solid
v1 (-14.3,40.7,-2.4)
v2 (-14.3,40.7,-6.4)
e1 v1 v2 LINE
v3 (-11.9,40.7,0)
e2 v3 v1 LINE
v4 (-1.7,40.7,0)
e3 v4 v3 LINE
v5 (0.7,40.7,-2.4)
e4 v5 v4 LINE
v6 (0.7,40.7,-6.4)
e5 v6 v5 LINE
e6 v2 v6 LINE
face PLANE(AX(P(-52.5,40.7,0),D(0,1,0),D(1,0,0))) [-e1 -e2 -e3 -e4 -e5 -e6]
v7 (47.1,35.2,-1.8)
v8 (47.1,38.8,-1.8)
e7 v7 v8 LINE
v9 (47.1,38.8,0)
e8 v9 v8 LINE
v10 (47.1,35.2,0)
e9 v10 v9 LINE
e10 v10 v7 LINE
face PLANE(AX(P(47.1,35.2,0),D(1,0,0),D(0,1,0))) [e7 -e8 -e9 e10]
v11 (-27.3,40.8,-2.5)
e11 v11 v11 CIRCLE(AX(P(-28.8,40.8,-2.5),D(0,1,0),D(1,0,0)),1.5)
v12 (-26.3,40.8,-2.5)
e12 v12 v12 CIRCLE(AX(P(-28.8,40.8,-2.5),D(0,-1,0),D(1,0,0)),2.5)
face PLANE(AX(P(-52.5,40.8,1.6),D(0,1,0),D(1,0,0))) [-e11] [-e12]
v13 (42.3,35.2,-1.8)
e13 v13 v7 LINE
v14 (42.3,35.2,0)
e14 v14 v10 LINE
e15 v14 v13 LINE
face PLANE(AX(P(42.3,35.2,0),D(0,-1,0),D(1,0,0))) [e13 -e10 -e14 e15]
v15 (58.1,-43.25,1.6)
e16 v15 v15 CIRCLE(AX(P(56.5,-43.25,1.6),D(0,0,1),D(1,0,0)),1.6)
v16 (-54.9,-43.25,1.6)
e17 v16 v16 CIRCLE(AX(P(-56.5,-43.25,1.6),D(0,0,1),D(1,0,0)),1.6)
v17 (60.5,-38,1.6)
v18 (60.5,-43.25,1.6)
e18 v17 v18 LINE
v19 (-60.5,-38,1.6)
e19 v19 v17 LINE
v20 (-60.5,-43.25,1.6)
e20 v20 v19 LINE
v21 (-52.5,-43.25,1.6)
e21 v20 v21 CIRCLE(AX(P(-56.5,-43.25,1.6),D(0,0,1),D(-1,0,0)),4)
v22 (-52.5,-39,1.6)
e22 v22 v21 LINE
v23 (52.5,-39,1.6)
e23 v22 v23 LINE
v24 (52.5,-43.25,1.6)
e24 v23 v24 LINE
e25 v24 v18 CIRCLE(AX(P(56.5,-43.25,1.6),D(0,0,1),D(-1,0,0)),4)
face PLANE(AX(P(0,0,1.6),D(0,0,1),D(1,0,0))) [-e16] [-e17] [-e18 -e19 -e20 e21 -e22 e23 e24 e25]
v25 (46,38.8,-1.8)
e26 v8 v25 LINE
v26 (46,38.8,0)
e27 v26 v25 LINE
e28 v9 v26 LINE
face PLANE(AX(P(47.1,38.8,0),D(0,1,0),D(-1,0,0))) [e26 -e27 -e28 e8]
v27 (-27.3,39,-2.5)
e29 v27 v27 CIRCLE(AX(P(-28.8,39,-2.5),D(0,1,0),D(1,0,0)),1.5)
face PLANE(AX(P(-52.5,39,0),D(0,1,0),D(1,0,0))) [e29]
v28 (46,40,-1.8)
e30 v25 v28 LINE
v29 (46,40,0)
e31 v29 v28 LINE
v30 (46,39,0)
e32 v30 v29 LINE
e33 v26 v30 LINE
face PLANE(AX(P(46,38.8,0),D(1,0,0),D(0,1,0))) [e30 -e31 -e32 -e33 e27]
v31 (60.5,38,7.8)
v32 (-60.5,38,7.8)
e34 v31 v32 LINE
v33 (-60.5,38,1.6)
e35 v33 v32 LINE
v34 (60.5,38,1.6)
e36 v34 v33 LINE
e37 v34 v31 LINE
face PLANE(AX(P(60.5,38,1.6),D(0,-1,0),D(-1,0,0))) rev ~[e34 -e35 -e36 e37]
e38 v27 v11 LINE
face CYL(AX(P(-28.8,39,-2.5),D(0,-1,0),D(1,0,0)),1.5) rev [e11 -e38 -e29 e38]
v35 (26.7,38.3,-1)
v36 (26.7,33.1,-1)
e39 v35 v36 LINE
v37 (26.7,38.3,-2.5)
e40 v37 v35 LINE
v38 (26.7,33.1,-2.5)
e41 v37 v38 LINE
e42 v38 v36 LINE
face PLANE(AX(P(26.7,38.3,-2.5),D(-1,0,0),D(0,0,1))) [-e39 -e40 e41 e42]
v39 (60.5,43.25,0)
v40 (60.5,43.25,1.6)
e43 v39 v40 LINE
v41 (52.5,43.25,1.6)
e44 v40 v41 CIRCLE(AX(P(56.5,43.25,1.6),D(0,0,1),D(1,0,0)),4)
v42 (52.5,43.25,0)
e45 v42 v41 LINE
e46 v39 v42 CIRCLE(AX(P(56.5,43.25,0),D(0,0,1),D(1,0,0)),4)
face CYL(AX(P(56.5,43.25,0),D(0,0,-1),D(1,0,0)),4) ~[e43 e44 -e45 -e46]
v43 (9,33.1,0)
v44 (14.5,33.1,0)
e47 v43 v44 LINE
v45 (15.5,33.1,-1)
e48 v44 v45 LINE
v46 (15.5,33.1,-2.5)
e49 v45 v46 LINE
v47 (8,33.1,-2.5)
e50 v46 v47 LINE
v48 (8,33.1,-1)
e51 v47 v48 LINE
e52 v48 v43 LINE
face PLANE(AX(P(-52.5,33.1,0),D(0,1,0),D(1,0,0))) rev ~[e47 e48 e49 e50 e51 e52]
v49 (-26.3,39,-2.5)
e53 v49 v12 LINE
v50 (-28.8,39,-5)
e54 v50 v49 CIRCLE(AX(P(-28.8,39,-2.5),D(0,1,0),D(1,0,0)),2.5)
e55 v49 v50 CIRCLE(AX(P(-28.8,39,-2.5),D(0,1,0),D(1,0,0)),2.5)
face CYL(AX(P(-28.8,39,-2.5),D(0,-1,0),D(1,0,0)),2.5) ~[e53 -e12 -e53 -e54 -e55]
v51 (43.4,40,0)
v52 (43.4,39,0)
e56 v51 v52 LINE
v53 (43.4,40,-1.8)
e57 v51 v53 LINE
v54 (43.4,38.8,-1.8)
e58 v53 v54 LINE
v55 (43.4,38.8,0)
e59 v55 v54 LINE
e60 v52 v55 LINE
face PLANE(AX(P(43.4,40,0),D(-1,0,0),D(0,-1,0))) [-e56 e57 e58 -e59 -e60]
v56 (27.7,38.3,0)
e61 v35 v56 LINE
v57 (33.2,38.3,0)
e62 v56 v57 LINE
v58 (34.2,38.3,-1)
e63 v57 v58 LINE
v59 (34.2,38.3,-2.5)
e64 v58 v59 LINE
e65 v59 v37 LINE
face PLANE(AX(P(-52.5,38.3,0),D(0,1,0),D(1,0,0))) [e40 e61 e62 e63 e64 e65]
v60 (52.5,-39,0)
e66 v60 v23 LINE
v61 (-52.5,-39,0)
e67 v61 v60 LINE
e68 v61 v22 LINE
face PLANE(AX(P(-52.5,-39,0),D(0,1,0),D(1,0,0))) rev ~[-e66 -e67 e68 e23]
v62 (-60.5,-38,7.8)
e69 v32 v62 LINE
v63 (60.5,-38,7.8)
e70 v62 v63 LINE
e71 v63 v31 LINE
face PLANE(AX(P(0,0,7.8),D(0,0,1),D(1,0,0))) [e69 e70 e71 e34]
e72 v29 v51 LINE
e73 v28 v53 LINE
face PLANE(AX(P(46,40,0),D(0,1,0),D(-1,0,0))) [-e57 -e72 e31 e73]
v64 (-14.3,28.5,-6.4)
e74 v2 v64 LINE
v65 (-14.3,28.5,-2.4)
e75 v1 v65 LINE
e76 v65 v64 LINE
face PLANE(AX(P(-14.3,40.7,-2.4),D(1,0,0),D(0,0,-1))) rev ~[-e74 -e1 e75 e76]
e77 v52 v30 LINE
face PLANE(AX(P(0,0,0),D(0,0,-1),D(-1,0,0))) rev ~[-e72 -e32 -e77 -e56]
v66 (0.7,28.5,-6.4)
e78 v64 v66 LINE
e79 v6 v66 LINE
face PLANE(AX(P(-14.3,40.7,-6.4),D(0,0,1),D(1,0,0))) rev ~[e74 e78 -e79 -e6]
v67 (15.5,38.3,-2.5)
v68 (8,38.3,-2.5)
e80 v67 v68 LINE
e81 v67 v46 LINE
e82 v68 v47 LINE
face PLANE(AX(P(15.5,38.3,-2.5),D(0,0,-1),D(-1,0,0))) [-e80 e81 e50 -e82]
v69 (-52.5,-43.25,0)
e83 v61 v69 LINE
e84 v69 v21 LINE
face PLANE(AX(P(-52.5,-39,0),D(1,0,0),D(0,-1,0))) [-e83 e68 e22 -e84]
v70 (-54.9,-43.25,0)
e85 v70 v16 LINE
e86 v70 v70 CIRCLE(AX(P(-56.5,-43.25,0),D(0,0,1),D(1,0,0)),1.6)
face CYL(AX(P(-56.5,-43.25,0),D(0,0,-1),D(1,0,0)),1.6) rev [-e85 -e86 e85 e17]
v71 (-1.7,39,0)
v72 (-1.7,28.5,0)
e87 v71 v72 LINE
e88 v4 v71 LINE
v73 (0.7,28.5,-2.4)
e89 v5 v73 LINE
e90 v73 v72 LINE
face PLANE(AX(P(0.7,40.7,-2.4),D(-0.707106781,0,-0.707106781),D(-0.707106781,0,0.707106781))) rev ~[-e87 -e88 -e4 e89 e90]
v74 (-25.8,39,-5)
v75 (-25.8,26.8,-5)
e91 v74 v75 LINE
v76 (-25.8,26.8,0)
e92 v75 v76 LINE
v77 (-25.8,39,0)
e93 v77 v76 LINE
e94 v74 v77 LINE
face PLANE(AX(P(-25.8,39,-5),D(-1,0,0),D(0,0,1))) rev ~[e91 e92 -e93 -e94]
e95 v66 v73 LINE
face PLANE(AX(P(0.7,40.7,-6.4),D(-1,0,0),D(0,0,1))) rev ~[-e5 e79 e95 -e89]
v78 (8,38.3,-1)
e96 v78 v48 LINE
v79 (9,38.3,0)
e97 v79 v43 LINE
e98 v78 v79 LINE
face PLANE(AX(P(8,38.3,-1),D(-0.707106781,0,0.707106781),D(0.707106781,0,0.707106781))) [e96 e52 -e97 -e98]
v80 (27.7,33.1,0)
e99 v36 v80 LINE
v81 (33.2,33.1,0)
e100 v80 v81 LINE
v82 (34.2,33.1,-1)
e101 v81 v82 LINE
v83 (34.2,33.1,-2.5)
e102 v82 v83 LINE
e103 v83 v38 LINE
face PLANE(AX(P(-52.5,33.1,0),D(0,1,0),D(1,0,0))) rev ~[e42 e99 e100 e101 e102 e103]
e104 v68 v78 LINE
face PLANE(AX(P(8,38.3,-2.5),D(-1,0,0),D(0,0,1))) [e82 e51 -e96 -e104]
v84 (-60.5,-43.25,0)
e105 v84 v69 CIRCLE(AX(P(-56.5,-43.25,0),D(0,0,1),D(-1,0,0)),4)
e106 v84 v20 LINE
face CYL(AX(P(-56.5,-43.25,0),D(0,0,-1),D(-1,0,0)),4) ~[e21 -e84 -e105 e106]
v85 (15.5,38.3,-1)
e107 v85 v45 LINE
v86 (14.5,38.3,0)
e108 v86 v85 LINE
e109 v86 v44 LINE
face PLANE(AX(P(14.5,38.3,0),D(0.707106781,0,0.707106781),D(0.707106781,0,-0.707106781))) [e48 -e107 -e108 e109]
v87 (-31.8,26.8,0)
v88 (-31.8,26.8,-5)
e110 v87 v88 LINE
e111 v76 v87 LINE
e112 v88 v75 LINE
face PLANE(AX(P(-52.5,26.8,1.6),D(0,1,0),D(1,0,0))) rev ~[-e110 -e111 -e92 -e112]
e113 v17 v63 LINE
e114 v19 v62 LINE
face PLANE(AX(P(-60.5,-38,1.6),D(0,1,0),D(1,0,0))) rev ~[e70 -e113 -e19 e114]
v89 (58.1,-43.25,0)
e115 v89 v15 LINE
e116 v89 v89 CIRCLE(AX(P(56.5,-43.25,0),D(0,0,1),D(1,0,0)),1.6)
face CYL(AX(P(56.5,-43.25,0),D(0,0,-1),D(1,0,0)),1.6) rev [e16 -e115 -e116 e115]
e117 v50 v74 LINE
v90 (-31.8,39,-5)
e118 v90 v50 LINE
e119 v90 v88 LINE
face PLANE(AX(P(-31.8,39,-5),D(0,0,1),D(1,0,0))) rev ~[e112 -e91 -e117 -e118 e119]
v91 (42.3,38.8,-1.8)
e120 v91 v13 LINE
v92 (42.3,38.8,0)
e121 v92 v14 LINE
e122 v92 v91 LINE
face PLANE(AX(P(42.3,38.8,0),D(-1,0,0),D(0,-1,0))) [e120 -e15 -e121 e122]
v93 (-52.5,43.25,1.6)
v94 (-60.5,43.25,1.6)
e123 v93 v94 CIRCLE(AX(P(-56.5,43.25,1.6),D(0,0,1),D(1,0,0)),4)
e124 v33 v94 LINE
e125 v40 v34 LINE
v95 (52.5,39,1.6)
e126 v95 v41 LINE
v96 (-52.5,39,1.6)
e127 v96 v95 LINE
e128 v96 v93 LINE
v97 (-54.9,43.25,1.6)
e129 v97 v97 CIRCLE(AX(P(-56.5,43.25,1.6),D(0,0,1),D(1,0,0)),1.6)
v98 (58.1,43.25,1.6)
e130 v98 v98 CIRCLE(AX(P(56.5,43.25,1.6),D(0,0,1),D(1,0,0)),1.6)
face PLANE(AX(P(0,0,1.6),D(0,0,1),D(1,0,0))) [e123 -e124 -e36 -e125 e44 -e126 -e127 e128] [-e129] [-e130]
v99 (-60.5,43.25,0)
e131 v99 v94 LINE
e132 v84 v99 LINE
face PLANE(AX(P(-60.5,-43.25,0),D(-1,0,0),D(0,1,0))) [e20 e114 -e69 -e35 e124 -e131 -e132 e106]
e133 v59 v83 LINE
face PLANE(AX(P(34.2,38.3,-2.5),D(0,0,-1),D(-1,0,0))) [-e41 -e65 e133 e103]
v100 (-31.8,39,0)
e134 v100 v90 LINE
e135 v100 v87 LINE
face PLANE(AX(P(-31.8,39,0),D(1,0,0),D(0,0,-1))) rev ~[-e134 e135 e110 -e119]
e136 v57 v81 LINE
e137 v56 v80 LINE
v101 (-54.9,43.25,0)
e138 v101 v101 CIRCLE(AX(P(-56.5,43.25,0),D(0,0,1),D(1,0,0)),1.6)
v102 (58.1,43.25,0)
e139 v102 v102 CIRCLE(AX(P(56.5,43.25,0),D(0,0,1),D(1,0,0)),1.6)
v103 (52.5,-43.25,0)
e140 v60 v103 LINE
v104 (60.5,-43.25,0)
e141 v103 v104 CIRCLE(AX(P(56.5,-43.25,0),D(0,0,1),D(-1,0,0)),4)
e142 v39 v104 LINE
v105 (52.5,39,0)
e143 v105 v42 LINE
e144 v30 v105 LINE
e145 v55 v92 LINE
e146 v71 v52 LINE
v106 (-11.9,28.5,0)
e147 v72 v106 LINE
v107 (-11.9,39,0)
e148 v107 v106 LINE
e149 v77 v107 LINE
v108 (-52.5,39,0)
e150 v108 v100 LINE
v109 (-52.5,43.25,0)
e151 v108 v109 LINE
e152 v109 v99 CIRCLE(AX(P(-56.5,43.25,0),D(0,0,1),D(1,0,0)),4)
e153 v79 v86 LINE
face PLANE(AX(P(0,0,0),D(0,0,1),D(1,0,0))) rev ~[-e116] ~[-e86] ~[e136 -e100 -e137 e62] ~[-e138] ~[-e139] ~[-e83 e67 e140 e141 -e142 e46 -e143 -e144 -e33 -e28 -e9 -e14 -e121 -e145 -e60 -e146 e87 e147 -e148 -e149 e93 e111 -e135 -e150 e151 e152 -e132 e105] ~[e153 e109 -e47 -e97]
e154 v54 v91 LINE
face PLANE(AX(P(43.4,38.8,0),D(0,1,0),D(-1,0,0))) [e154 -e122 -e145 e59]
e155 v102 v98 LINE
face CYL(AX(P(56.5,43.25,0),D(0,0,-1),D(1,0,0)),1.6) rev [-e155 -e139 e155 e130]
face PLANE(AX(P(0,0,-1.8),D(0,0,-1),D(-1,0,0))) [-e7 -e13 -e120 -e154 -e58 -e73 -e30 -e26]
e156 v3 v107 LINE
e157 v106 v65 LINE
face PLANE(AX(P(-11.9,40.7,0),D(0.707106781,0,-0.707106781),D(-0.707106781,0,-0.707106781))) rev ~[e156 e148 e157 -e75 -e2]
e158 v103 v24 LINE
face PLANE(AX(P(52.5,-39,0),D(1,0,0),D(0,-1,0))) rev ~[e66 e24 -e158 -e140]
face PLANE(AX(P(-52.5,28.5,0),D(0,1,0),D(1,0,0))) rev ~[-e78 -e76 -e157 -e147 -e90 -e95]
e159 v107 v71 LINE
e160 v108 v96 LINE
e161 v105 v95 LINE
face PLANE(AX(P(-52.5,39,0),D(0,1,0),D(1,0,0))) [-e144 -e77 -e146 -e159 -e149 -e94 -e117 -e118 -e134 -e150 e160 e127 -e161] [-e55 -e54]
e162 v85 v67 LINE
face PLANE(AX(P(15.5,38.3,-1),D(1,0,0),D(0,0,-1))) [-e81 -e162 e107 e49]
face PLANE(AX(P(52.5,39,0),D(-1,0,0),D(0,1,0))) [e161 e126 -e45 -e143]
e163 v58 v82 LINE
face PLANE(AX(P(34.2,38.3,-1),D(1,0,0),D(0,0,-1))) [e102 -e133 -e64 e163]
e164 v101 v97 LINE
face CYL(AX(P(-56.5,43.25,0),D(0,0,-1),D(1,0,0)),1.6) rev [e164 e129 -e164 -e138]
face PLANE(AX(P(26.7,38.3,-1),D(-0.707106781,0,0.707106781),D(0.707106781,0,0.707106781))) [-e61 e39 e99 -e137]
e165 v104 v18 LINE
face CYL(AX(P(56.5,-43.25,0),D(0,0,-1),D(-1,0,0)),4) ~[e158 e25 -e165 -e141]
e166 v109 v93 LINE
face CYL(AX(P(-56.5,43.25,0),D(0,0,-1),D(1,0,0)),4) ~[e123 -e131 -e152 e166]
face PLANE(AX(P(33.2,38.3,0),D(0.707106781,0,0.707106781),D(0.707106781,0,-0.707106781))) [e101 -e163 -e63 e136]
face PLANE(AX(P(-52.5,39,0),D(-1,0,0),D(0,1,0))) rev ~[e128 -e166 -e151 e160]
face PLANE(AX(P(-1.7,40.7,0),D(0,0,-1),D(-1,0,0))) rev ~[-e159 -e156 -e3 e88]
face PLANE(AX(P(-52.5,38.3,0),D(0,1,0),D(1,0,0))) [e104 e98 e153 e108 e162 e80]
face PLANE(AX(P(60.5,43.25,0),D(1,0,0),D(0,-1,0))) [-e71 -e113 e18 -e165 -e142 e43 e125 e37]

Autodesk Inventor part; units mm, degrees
ref_plane "YZ Plane" through (0, 0, 0) normal (1, 0, 0) x (0, 1, 0)
sketch "Skizze1" plane through (0, 0, 0) normal (0, 0, 1) x (1, 0, 0)
  line L0 (-52.5, 39) -> (52.5, 39)
  line L1 (-52.5, -39) -> (52.5, -39)
  line L2 (52.5, -39) -> (52.5, -43.25)
  line L3 (-52.5, -39) -> (-52.5, -43.25)
  line L4 (-60.5, -43.25) -> (-60.5, 43.25)
  line L5 (-52.5, 39) -> (-52.5, 43.25)
  line L6 (52.5, 39) -> (52.5, 43.25)
  line L7 (60.5, 43.25) -> (60.5, -43.25)
  arc A0 (-52.5, 43.25) -> (-60.5, 43.25) centre (-56.5, 43.25) ccw
  arc A1 (60.5, 43.25) -> (52.5, 43.25) centre (56.5, 43.25) ccw
  arc A2 (52.5, -43.25) -> (60.5, -43.25) centre (56.5, -43.25) ccw
  arc A3 (-60.5, -43.25) -> (-52.5, -43.25) centre (-56.5, -43.25) ccw
  line L8 (0, 66.15) -> (0, -66.15) construction
  line L9 (-84.7, 0) -> (84.7, 0) construction
  circle A4 centre (-56.5, 43.25) radius 1.6
  circle A5 centre (56.5, 43.25) radius 1.6
  circle A6 centre (56.5, -43.25) radius 1.6
  circle A7 centre (-56.5, -43.25) radius 1.6
  point P0 (0, 0)
  dimension "d0" = 121
  dimension "d1" = 78
  dimension "d2" = 8
  dimension "d3" = 86.5
  dimension "d4" = 3.2
extrude "Extrusion1" add sketch "Skizze1" along normal blind 1.6
sketch "Skizze2" plane through (0, 0, 1.6) normal (0, 0, 1) x (1, 0, 0)
  line L0 (-60.5, -38) -> (60.5, -38)
  line L1 (60.5, -38) -> (60.5, 38)
  line L2 (60.5, 38) -> (-60.5, 38)
  line L3 (-60.5, 38) -> (-60.5, -38)
  line L4 (-60.5, -38) -> (60.5, 38) construction
  line L5 (60.5, -38) -> (-60.5, 38) construction
  point P0 (0, 0)
  dimension "d7" = 76
  dimension "d8" = 121
extrude "Extrusion2" add sketch "Skizze2" along normal blind 6.2
ref_plane "Arbeitsebene1" through (-52.5, 38.3, 0) normal (0, 1, 0) x (1, 0, 0)
sketch "Skizze3" plane through (-52.5, 38.3, 0) normal (0, 1, 0) x (1, 0, 0)
  line L0 (60.5, 2.5) -> (60.5, 1)
  line L1 (60.5, 1) -> (61.5, 0)
  line L2 (61.5, 0) -> (67, 0)
  line L3 (67, 0) -> (68, 1)
  line L4 (68, 1) -> (68, 2.5)
  line L5 (68, 2.5) -> (60.5, 2.5)
  line L6 (64.25, 2.5) -> (64.25, 0) construction
  line L7 (79.2, 2.5) -> (79.2, 1)
  line L8 (79.2, 1) -> (80.2, 0)
  line L9 (80.2, 0) -> (85.7, 0)
  line L10 (85.7, 0) -> (86.7, 1)
  line L11 (86.7, 1) -> (86.7, 2.5)
  line L12 (86.7, 2.5) -> (79.2, 2.5)
  line L13 (82.95, 2.5) -> (82.95, 0) construction
  line L14 (0, 0) -> (-8, 0) construction
  line L15 (105, 0) -> (0, 0) construction
  line L16 (113, 0) -> (105, 0) construction
  line L17 (105, 0) -> (113, 0) construction
  line L18 (0, 0) -> (105, 0) construction
  line L19 (-8, 0) -> (0, 0) construction
  line L20 (-2.4, 0) -> (-5.6, 0) construction
  line L21 (110.6, 0) -> (107.4, 0) construction
  line L22 (110.6, 0) -> (107.4, 0) construction
  line L23 (-2.4, 0) -> (-5.6, 0) construction
  line L24 (105, 0) -> (105, -1.6) construction
  line L25 (105, 0) -> (105, -1.6) construction
  point P0 (52.5, 0)
  dimension "d12" = 7.5
  dimension "d13" = 2.5
  dimension "d14" = 1.5
  dimension "d15" = 7.5
  dimension "d16" = 2.5
  dimension "d17" = 1.5
  dimension "d18" = 18.3
  dimension "d19" = 11.2
extrude "Extrusion3" add sketch "Skizze3" against normal blind 5.2
ref_plane "Arbeitsebene2" through (-52.5, 40.7, 0) normal (0, 1, 0) x (1, 0, 0)
sketch "Skizze4" plane through (-52.5, 40.7, 0) normal (0, 1, 0) x (1, 0, 0)
  line L0 (80.2, 0) -> (85.7, 0) projected
  line L1 (85.7, 0) -> (80.2, 0) projected
  line L2 (61.5, 0) -> (67, 0) projected
  line L3 (67, 0) -> (61.5, 0) projected
  line L4 (0, 0) -> (-8, 0) projected
  line L5 (105, 0) -> (0, 0) projected
  line L6 (113, 0) -> (105, 0) projected
  line L7 (105, 0) -> (113, 0) projected
  line L8 (0, 0) -> (105, 0) projected
  line L9 (-8, 0) -> (0, 0) projected
  line L10 (-2.4, 0) -> (-5.6, 0) projected
  line L11 (110.6, 0) -> (107.4, 0) projected
  line L12 (110.6, 0) -> (107.4, 0) projected
  line L13 (-2.4, 0) -> (-5.6, 0) projected
  line L14 (105, 0) -> (105, -1.6) projected
  line L15 (105, 0) -> (105, -1.6) projected
  line L16 (38.2, 6.4) -> (53.2, 6.4)
  line L17 (53.2, 6.4) -> (53.2, 2.4)
  line L18 (53.2, 2.4) -> (50.8, 0)
  line L19 (50.8, 0) -> (40.6, 0)
  line L20 (40.6, 0) -> (38.2, 2.4)
  line L21 (38.2, 2.4) -> (38.2, 6.4)
  line L22 (45.7, 6.4) -> (45.7, 0) construction
  point P0 (52.5, 0)
  point P1 (40.6, 0)
  point P2 (50.8, 0)
  dimension "d23" = 15
  dimension "d24" = 6.4
  dimension "d25" = 4
  dimension "d26" = 51.8
extrude "Extrusion4" add sketch "Skizze4" against normal blind 12.2
sketch "Skizze5" plane through (-52.5, 39, 1.6) normal (0, 1, 0) x (1, 0, 0)
  line L0 (20.7, 6.6) -> (26.7, 6.6)
  line L1 (26.7, 6.6) -> (26.7, 1.6)
  line L2 (26.7, 1.6) -> (20.7, 1.6)
  line L3 (20.7, 1.6) -> (20.7, 6.6)
  line L4 (105, 1.6) -> (50.8, 1.6) projected
  line L5 (113, 1.6) -> (105, 1.6) projected
  line L6 (105, 1.6) -> (113, 1.6) projected
  line L7 (0, 1.6) -> (105, 1.6) projected
  line L8 (-8, 1.6) -> (0, 1.6) projected
  line L9 (0, 1.6) -> (-8, 1.6) projected
  line L10 (40.6, 1.6) -> (0, 1.6) projected
  line L11 (40.6, 1.6) -> (50.8, 1.6) projected
  line L12 (80.2, 1.6) -> (85.7, 1.6) projected
  line L13 (85.7, 1.6) -> (80.2, 1.6) projected
  line L14 (61.5, 1.6) -> (67, 1.6) projected
  line L15 (67, 1.6) -> (61.5, 1.6) projected
  line L16 (-2.4, 1.6) -> (-5.6, 1.6) projected
  line L17 (110.6, 1.6) -> (107.4, 1.6) projected
  line L18 (110.6, 1.6) -> (107.4, 1.6) projected
  line L19 (-2.4, 1.6) -> (-5.6, 1.6) projected
  line L20 (40.6, 1.6) -> (0, 1.6) projected
  line L21 (105, 1.6) -> (105, 0) projected
  point P0 (52.5, 1.6)
  dimension "d29" = 5
  dimension "d30" = 6
  dimension "d31" = 78.3
extrude "Extrusion5" add sketch "Skizze5" against normal blind 12.2
sketch "Skizze6" plane through (-52.5, 39, 1.6) normal (0, 1, 0) x (1, 0, 0)
  line L0 (26.7, 6.6) -> (20.7, 6.6) projected
  line L1 (20.7, 6.6) -> (20.7, 1.6) projected
  line L2 (26.7, 1.6) -> (26.7, 6.6) projected
  line L3 (20.7, 6.6) -> (26.7, 1.6) construction
  line L4 (26.7, 6.6) -> (20.7, 1.6) construction
  circle A0 centre (23.7, 4.1) radius 2.5
  circle A1 centre (23.7, 4.1) radius 1.5
  point P0 (52.5, 1.6)
  dimension "d34" = 3
extrude "Extrusion6" add sketch "Skizze6" along normal blind 1.8
sketch "Skizze7" plane through (0, 0, 0) normal (0, 0, -1) x (-1, 0, 0)
  line L0 (-42.3, 35.2) -> (-47.1, 35.2)
  line L1 (-47.1, 35.2) -> (-47.1, 38.8)
  line L2 (-42.3, 38.8) -> (-42.3, 35.2)
  line L3 (-46, 38.8) -> (-46, 40)
  line L4 (-46, 40) -> (-43.4, 40)
  line L5 (-43.4, 40) -> (-43.4, 38.8)
  line L6 (-47.1, 38.8) -> (-46, 38.8)
  line L7 (-43.4, 38.8) -> (-42.3, 38.8)
  line L8 (-44.7, 35.2) -> (-44.7, 40) construction
  line L9 (-52.5, 43.25) -> (-52.5, 39) construction
  line L10 (-52.5, 39) -> (1.7, 39) construction
  point P0 (0, 0)
  dimension "d37" = 2.6
  dimension "d38" = 1.2
  dimension "d39" = 3.6
  dimension "d40" = 4.8
  dimension "d41" = 5.4
  dimension "d42" = 1
extrude "Extrusion7" add sketch "Skizze7" along normal blind 1.8
properties part number "Display 5inch JRP5002"
